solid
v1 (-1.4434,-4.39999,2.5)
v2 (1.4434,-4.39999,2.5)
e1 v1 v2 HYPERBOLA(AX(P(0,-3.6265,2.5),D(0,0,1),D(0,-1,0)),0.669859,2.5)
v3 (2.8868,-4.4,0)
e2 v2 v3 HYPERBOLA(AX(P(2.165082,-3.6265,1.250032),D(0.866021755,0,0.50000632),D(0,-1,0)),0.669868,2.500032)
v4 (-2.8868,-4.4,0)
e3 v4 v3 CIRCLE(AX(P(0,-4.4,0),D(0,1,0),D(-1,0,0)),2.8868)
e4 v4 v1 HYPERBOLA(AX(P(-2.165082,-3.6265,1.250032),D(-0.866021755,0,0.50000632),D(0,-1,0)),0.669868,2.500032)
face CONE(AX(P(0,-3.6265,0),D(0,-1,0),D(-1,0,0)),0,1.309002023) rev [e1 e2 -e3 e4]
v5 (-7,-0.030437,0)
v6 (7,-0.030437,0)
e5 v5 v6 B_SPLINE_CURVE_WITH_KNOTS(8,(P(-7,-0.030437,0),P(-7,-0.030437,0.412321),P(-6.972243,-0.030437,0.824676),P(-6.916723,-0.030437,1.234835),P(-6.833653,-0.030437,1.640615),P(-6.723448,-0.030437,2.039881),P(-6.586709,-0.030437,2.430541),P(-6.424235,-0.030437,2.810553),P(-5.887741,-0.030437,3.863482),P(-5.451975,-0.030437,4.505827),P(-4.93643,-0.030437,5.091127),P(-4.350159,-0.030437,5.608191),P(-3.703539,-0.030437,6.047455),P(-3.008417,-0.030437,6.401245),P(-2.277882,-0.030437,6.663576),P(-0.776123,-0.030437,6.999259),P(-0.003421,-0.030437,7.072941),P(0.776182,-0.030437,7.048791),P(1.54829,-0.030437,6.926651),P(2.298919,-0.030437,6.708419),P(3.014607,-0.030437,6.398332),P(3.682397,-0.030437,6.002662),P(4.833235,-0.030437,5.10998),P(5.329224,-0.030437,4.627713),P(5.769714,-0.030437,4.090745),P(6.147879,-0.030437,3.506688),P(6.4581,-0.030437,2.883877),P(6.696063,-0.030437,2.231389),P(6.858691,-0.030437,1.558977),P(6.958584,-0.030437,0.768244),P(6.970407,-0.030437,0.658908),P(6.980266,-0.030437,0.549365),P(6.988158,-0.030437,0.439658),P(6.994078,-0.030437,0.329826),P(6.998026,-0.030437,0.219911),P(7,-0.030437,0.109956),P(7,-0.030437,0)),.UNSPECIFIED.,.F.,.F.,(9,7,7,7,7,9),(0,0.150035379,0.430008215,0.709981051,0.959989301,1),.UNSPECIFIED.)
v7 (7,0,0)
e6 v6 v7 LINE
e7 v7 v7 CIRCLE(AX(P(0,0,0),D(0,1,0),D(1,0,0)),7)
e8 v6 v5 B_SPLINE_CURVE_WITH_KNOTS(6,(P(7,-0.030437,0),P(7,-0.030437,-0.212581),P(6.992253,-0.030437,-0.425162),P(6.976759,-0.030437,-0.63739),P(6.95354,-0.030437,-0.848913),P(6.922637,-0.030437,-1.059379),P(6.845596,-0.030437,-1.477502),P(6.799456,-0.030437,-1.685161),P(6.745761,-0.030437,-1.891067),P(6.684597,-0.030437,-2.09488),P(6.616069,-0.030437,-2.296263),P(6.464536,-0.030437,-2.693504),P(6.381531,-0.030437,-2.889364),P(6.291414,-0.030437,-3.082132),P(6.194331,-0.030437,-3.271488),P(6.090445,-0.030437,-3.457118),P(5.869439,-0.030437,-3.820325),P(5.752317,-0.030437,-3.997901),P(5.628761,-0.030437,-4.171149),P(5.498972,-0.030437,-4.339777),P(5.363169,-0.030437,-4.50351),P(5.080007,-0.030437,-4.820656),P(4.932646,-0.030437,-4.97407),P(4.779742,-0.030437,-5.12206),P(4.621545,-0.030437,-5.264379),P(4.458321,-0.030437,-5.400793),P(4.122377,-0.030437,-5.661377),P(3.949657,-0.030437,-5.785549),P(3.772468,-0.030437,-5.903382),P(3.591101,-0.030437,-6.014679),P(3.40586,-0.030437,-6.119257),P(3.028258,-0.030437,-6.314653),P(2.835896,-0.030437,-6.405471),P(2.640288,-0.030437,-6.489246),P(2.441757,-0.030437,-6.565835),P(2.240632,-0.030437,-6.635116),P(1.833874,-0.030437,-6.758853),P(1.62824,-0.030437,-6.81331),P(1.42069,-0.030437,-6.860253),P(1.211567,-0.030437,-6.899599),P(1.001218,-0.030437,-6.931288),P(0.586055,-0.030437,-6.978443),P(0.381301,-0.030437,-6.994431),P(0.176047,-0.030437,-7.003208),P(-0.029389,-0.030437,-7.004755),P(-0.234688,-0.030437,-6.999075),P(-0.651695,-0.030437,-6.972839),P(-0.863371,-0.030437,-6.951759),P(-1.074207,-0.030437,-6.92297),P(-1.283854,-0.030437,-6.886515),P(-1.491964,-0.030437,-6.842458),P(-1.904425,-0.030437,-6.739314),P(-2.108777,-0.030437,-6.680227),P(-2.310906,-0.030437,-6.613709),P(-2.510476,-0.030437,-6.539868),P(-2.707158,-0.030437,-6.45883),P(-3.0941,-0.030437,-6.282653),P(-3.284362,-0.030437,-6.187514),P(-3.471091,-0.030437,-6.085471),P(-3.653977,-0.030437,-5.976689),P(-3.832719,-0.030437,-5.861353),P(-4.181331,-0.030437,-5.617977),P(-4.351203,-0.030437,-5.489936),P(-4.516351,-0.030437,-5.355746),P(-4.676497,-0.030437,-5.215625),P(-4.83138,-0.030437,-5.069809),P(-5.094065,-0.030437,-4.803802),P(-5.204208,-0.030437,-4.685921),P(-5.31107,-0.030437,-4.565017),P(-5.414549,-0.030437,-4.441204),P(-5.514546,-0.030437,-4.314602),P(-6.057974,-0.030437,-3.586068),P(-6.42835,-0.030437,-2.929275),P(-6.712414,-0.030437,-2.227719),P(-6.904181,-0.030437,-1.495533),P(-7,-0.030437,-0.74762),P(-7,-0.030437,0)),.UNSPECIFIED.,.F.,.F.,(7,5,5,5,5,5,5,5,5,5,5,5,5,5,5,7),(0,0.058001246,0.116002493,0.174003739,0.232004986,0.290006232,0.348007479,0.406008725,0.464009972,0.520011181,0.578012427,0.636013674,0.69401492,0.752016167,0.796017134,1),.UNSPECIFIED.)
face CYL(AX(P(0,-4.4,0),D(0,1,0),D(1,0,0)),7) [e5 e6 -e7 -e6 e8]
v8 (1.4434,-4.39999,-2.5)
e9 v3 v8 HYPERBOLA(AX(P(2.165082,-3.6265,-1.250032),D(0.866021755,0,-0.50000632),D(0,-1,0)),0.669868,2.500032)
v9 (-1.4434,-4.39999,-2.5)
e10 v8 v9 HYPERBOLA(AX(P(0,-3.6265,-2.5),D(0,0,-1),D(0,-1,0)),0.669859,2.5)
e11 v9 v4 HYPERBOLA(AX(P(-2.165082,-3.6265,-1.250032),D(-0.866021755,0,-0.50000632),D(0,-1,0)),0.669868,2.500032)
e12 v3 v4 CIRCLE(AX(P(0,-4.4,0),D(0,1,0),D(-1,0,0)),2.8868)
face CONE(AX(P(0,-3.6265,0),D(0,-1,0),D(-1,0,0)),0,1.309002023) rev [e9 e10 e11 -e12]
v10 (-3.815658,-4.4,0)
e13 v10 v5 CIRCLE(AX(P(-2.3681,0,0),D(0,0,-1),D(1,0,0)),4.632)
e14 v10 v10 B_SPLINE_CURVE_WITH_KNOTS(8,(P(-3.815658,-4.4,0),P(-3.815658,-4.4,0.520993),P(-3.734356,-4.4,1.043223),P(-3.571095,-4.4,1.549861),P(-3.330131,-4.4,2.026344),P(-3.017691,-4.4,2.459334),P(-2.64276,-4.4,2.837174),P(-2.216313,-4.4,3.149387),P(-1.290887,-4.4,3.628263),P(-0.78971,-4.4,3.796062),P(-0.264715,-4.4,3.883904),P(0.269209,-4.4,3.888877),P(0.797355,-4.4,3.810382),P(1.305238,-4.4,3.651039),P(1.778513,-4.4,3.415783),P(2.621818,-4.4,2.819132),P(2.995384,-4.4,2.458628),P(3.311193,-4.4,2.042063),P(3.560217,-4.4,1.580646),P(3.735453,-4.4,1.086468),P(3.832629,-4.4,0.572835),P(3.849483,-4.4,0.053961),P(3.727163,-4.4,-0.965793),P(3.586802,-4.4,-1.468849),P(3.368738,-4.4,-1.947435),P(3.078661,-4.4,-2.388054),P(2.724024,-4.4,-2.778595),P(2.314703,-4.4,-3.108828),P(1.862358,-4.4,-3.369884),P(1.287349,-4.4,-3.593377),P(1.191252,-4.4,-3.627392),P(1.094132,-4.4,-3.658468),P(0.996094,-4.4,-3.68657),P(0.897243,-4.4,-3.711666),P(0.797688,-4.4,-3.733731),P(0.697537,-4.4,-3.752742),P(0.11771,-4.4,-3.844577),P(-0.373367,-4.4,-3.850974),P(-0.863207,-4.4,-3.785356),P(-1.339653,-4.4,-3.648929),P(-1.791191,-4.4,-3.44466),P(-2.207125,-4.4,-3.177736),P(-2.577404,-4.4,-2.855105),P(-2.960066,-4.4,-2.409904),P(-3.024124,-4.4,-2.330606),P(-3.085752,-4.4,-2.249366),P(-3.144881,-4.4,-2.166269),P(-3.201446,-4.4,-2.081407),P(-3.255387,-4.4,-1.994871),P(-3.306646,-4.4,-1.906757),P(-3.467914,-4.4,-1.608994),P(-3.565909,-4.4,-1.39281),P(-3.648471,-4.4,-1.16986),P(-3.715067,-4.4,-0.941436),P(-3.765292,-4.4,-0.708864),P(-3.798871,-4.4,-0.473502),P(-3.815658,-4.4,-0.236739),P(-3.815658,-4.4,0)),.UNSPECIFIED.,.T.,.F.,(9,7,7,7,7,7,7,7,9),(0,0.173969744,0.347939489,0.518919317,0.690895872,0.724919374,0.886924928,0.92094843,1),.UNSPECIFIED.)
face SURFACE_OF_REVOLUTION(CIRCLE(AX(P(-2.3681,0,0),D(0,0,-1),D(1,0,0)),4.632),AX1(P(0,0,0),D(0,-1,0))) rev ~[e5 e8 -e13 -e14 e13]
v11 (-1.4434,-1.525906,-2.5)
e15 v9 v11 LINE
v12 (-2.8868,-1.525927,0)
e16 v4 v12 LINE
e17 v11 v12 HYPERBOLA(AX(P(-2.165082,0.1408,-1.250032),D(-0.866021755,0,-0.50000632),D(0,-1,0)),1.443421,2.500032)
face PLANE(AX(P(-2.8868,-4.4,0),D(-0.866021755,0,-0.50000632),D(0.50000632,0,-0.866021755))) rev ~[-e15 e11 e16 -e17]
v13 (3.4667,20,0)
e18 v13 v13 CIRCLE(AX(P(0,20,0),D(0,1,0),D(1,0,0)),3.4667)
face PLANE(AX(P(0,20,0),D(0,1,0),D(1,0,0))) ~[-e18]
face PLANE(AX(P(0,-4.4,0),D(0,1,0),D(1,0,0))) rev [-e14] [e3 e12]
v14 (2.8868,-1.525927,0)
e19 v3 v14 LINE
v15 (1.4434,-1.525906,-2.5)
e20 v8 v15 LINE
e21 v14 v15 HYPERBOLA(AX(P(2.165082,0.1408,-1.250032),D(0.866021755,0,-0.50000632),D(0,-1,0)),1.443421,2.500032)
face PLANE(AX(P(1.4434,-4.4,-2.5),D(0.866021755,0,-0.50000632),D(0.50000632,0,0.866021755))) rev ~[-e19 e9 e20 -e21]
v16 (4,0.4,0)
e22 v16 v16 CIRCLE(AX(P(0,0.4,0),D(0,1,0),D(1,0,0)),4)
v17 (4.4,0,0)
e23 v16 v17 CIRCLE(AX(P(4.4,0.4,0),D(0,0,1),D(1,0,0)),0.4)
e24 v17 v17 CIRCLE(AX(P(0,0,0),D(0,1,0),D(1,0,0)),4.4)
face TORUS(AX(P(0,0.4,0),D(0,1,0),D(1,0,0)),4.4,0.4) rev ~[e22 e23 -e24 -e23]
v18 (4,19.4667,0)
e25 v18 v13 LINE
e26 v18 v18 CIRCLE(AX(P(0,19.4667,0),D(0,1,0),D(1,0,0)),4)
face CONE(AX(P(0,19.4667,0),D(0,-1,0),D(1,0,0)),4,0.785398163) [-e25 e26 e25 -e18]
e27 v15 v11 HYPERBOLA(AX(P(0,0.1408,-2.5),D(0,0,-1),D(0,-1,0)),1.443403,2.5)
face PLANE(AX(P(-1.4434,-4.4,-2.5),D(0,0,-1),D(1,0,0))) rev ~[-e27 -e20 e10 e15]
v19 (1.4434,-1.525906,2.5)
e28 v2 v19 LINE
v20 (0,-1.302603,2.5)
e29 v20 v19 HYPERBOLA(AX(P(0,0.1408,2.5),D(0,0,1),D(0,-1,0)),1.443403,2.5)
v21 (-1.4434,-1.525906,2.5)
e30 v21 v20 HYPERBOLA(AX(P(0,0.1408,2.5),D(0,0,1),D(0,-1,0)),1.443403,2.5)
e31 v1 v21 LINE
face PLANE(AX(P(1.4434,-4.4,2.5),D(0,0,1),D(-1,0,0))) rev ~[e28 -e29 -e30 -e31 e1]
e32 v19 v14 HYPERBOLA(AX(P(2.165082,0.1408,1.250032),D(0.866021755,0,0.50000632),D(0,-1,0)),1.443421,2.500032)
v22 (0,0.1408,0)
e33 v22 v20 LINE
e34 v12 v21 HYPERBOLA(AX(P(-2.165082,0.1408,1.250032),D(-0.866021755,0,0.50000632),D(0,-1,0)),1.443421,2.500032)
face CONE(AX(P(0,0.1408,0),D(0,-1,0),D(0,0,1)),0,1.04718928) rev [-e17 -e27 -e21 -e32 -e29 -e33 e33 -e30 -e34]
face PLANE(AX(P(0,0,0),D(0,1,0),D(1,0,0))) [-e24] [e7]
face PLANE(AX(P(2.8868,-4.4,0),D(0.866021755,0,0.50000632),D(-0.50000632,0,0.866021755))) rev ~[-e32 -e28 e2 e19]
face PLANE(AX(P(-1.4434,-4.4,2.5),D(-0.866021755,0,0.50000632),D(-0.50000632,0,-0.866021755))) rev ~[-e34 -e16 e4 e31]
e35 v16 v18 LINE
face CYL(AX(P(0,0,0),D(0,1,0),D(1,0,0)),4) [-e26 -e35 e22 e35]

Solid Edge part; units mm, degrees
sketch "Sketch1" plane through (0, 0, 0) normal (0, 0, 1) x (1, 0, 0)
  line L0 (4, 0) -> (4, 20)
  line L1 (0, 20) -> (4, 20)
  line L2 (0, 0) -> (0, 20)
  line L3 (0, 0) -> (0, -4.4)
  line L4 (0, -4.4) -> (7, -4.4)
  line L5 (7, -4.4) -> (7, 0)
  line L6 (7, 0) -> (4, 0)
revolve "RevolvedProtrusion1" add sketch "Sketch1" angle 360 about axis through (0, 0, 0) along (0, 1, 0)
sketch "Sketch2" plane through (0, 0, 0) normal (1, 0, 0) x (0, 1, 0)
  line L0 (-4.4, 3.3615) -> (-1.8, 3.3615)
  line L1 (0.1408, 0) -> (-1.8, 3.3615)
  line L2 (-4.4, 0) -> (0.1408, 0)
  line L3 (-4.4, 0) -> (-4.4, 3.3615)
revolve "RevolvedCutout1" cut sketch "Sketch2" angle 360 about axis through (0, -4.5, 0) along (0, 1, 0)
sketch "Sketch3" plane through (0, -4.4, 0) normal (0, -1, 0) x (0, 0, 1)
  circle A0 centre (0, 0) radius 3.3615
  line L0 (-2.5, -1.4434) -> (0, -2.8868)
  line L1 (0, -2.8868) -> (2.5, -1.4434)
  line L2 (2.5, -1.4434) -> (2.5, 1.4434)
  line L3 (2.5, 1.4434) -> (0, 2.8868)
  line L4 (0, 2.8868) -> (-2.5, 1.4434)
  line L5 (-2.5, 1.4434) -> (-2.5, -1.4434)
  dimension "D1" = 5
extrude "Protrusion1" add sketch "Sketch3" against normal up to next
sketch "Sketch4" plane through (0, 0, 0) normal (0, 0, 1) x (1, 0, 0)
  line L0 (-2.8868, -4.4) -> (0, -4.4)
  line L1 (0, -4.4) -> (0, -3.6265)
  line L2 (0, -3.6265) -> (-2.8868, -4.4)
revolve "RevolvedCutout2" cut sketch "Sketch4" angle 360 about axis through (0, -4.5, 0) along (0, 1, 0)
fillet "Round1" radius 0.4 1 edges at (0, 0, -4)
chamfer "倒斜角_2" distance 0.5333 angle 45 1 edges at (0, 20, -4)
cosmetic_thread "螺纹_3" size "M8" thread depth 17.5
sketch "Sketch5" plane through (0, 0, 0) normal (0, 0, 1) x (1, 0, 0)
  arc A0 (-3.8153, -4.4) -> (-7, 0) centre (-2.3681, 0) cw
revolve "RevolvedCutout3" cut sketch "Sketch5" angle 360 about axis through (0, 0, 0) along (0, -1, 0) material side at (-6.1609, -2.7452, 0)
